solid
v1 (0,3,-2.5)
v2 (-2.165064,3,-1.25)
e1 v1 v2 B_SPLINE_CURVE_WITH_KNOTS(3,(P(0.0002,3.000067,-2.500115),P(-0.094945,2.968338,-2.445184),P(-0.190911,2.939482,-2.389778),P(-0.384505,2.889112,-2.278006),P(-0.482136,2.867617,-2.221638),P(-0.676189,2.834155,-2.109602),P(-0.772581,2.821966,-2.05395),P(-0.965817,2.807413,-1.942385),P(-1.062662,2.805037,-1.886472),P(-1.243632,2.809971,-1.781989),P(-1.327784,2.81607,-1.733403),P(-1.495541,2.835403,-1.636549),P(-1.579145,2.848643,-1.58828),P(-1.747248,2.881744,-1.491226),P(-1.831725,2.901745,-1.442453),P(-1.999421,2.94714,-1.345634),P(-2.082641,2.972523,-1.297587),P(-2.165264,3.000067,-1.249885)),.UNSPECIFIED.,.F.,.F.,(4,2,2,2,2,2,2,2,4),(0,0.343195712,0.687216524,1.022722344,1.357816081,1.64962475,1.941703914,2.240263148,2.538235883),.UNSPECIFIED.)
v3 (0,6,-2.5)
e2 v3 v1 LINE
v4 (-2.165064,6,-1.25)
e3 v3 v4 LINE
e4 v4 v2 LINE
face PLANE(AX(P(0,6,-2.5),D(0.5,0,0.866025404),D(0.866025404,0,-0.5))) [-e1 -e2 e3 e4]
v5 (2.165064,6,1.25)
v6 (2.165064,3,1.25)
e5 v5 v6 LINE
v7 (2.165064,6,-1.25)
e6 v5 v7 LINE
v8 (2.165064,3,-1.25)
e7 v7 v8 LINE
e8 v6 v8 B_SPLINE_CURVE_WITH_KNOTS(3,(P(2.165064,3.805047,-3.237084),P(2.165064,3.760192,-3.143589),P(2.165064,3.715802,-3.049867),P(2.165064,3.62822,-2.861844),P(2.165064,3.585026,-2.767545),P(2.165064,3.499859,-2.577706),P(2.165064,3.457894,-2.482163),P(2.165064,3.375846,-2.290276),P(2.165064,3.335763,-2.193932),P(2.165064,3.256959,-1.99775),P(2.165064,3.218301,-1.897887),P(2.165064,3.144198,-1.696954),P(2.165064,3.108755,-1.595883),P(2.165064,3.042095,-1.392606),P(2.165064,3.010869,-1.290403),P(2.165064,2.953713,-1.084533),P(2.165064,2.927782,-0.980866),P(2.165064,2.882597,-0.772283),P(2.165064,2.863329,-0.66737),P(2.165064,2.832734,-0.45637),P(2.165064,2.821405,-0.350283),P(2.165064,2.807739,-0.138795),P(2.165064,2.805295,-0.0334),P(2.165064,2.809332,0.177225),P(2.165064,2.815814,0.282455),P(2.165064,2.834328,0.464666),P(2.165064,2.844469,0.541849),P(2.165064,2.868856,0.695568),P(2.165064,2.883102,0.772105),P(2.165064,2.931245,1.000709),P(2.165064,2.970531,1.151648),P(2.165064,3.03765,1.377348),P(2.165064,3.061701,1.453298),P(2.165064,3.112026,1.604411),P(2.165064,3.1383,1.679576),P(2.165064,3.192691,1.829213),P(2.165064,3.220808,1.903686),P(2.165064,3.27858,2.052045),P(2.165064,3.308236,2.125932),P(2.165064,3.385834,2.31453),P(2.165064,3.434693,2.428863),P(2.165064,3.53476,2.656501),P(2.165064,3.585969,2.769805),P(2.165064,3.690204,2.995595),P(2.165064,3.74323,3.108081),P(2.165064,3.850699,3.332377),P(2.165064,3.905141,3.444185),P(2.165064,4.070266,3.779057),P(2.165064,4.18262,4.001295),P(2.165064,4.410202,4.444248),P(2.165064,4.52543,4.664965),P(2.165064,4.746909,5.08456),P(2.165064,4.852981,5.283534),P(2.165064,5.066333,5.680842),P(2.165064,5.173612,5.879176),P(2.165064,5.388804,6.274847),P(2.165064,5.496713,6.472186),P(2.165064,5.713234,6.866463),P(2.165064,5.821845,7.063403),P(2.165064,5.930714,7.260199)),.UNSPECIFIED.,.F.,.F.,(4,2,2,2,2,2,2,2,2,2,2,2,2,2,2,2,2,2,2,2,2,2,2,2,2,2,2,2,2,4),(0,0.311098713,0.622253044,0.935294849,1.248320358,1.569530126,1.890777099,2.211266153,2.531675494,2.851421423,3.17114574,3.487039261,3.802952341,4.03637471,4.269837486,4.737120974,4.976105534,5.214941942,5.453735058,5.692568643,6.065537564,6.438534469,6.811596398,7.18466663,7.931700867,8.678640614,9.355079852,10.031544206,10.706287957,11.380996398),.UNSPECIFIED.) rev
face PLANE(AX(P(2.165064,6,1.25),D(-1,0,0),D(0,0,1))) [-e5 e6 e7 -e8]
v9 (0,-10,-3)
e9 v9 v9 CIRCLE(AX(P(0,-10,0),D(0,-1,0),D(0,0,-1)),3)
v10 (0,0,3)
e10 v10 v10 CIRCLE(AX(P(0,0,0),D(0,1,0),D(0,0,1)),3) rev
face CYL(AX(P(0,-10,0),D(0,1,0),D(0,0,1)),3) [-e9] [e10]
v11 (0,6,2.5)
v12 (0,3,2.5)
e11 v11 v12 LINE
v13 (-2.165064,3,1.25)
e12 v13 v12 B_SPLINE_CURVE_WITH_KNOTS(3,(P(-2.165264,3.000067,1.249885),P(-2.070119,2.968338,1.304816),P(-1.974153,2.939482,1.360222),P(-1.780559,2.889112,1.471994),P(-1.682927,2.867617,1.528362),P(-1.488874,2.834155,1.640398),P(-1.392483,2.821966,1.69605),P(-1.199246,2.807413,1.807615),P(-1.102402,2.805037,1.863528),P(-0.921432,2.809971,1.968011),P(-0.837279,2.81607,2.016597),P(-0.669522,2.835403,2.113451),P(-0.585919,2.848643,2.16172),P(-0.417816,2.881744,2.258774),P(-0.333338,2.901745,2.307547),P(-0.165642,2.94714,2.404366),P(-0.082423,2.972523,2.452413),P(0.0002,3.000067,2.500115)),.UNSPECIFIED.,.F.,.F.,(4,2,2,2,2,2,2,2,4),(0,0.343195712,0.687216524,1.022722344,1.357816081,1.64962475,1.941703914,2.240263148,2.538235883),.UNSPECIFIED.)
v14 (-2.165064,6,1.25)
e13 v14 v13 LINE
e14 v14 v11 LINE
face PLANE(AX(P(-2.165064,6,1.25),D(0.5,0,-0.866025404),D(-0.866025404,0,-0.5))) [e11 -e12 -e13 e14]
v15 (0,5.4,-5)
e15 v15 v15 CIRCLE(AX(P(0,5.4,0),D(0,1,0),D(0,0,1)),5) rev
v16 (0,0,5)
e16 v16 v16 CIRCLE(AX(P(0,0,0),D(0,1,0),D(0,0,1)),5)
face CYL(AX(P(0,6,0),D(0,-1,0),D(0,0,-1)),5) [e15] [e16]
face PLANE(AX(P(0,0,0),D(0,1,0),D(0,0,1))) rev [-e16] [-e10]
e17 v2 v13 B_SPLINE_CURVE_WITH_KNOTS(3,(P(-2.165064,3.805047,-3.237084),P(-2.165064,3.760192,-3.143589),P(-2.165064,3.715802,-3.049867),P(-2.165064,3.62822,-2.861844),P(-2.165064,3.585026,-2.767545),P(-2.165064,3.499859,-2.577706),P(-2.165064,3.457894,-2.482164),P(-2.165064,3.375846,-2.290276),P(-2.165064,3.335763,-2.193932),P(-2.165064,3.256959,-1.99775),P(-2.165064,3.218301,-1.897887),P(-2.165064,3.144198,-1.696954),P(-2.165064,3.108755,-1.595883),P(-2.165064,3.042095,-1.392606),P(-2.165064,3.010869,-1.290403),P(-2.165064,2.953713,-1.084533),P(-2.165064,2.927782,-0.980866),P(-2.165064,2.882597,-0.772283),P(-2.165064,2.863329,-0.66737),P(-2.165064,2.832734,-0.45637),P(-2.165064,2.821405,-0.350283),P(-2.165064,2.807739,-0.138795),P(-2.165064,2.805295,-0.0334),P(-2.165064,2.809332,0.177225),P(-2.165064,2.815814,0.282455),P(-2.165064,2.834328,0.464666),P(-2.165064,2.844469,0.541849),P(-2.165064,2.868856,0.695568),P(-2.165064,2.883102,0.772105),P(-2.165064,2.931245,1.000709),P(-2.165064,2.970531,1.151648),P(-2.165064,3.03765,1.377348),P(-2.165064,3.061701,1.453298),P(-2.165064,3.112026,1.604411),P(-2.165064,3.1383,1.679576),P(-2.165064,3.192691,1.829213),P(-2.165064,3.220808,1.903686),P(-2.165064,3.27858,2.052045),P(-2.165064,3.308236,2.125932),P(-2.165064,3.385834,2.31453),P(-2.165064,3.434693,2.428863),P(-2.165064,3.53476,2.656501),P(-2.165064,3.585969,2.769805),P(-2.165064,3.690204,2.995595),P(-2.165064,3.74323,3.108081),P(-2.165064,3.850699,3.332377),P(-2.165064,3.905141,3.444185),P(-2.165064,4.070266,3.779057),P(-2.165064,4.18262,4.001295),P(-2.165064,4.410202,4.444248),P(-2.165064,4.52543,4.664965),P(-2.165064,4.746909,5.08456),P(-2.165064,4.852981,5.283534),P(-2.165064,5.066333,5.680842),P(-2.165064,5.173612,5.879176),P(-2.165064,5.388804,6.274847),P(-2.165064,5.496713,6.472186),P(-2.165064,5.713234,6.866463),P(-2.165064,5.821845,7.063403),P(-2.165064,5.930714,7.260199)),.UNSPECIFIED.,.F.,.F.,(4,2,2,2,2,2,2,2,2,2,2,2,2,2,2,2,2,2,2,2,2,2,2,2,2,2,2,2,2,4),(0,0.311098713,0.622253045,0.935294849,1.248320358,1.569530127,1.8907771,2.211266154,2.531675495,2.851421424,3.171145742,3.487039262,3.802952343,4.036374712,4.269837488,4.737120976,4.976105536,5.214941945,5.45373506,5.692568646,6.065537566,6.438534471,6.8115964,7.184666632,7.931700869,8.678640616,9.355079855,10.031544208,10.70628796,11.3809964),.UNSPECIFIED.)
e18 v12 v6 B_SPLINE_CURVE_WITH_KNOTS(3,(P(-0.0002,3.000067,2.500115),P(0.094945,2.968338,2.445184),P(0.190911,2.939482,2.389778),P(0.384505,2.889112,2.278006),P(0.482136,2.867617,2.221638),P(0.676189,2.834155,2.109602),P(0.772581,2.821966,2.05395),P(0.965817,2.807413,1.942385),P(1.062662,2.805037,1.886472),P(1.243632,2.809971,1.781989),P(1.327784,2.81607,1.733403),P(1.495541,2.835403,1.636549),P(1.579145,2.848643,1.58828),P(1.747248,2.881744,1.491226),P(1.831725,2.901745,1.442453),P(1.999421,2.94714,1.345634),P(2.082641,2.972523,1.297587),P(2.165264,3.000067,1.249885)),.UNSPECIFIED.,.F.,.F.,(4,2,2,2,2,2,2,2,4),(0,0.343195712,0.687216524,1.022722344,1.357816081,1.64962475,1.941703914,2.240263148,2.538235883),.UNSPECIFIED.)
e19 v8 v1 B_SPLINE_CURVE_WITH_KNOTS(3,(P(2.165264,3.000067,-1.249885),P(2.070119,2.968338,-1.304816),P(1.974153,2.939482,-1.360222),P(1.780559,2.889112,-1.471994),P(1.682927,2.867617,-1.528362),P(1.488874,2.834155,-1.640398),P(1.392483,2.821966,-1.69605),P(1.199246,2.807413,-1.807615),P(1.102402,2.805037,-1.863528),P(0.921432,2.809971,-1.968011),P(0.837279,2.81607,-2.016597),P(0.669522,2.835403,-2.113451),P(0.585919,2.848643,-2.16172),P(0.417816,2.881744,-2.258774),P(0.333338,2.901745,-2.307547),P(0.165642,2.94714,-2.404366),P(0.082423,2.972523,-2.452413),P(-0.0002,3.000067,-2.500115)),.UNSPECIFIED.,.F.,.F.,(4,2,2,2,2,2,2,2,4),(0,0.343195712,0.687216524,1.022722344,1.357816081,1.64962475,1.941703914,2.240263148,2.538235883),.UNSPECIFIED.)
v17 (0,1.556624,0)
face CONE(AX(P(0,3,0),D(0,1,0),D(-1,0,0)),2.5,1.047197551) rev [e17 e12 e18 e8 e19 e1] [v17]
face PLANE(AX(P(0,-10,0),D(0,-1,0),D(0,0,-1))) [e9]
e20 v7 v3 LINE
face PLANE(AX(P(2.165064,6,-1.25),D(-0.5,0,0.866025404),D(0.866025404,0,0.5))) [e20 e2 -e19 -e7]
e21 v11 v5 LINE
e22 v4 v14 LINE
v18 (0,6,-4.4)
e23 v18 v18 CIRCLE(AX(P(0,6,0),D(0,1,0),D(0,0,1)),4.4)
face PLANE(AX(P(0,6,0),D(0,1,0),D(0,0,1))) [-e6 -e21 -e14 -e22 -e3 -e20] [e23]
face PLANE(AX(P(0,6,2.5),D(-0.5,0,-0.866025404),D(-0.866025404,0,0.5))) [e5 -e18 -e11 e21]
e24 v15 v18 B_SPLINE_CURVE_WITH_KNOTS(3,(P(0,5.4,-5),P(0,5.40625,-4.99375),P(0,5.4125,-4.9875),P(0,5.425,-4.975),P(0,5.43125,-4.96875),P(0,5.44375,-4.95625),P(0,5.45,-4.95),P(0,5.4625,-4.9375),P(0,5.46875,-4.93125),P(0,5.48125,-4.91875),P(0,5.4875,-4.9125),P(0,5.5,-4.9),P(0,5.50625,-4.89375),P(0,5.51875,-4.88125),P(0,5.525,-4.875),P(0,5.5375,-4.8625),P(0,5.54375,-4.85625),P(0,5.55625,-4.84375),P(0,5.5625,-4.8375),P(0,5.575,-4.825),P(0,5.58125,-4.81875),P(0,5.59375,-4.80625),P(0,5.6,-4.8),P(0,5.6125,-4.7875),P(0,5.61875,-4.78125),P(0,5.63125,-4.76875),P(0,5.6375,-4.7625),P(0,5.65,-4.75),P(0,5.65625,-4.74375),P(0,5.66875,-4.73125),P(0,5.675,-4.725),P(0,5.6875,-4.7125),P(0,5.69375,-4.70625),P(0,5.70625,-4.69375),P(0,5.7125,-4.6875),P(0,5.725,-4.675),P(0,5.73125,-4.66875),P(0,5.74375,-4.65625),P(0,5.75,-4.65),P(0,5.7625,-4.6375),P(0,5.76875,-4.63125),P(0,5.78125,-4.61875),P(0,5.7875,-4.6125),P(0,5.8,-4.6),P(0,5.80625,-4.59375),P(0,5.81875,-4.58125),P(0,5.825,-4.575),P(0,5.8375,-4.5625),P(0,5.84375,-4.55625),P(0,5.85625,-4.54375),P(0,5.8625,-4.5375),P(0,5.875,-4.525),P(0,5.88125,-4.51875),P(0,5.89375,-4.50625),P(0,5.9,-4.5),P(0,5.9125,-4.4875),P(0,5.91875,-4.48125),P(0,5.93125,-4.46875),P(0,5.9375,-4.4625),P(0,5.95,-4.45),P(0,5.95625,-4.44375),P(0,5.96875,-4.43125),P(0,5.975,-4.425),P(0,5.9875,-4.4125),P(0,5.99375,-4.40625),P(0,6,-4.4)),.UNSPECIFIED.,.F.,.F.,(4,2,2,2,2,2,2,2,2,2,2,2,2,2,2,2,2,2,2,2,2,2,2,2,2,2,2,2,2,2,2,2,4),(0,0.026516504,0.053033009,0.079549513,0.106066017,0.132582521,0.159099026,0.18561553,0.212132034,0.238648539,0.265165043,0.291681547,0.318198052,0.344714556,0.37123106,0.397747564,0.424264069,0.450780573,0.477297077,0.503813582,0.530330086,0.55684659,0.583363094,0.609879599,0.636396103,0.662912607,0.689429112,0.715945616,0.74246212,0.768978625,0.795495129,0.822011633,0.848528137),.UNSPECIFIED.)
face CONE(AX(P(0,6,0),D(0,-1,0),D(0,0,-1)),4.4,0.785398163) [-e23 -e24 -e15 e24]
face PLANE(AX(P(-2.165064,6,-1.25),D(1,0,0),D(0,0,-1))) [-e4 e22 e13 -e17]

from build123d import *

# Parameters (mm, degrees)
CROQUIS4_R              = 5
SALIENTE_EXTRUIR3_DEPTH = 6
CHAFL_N2_SIZE           = 0.6
CROQUIS6_5_R            = 3
SALIENTE_EXTRUIR7_DEPTH = 10


with BuildPart() as part:
    # Croquis4 → Saliente-Extruir3 (new body)
    with BuildSketch(Plane(origin=(0, 0, 0), x_dir=(1, 0, 0), z_dir=(0, 1, 0))):
        Circle(CROQUIS4_R)
        Polygon((0, 2.5), (-2.165063509, 1.25), (-2.165063509, -1.25), (0, -2.5), (2.165063509, -1.25), (2.165063509, 1.25), align=None, mode=Mode.SUBTRACT)
    extrude(amount=SALIENTE_EXTRUIR3_DEPTH)

    # Chaflán2
    chafl_n2_edges = [part.edges().sort_by_distance(p)[0] for p in [
        (-5, 6, 0),
    ]]
    chamfer(chafl_n2_edges, length=CHAFL_N2_SIZE)

    # Croquis5 → Revolución2 (revolve)
    with BuildSketch(Plane.XY):
        Polygon((0, 0), (0, 1.556624327), (2.5, 3), (5, 3), (5, 0), align=None)
    revolve(axis=Axis((0, 0, 0), (0, 1, 0)))

    # Croquis6<5> → Saliente-Extruir7 (add)
    with BuildSketch(Plane.XZ):
        Circle(CROQUIS6_5_R)
    extrude(amount=SALIENTE_EXTRUIR7_DEPTH)


solid = part.part
